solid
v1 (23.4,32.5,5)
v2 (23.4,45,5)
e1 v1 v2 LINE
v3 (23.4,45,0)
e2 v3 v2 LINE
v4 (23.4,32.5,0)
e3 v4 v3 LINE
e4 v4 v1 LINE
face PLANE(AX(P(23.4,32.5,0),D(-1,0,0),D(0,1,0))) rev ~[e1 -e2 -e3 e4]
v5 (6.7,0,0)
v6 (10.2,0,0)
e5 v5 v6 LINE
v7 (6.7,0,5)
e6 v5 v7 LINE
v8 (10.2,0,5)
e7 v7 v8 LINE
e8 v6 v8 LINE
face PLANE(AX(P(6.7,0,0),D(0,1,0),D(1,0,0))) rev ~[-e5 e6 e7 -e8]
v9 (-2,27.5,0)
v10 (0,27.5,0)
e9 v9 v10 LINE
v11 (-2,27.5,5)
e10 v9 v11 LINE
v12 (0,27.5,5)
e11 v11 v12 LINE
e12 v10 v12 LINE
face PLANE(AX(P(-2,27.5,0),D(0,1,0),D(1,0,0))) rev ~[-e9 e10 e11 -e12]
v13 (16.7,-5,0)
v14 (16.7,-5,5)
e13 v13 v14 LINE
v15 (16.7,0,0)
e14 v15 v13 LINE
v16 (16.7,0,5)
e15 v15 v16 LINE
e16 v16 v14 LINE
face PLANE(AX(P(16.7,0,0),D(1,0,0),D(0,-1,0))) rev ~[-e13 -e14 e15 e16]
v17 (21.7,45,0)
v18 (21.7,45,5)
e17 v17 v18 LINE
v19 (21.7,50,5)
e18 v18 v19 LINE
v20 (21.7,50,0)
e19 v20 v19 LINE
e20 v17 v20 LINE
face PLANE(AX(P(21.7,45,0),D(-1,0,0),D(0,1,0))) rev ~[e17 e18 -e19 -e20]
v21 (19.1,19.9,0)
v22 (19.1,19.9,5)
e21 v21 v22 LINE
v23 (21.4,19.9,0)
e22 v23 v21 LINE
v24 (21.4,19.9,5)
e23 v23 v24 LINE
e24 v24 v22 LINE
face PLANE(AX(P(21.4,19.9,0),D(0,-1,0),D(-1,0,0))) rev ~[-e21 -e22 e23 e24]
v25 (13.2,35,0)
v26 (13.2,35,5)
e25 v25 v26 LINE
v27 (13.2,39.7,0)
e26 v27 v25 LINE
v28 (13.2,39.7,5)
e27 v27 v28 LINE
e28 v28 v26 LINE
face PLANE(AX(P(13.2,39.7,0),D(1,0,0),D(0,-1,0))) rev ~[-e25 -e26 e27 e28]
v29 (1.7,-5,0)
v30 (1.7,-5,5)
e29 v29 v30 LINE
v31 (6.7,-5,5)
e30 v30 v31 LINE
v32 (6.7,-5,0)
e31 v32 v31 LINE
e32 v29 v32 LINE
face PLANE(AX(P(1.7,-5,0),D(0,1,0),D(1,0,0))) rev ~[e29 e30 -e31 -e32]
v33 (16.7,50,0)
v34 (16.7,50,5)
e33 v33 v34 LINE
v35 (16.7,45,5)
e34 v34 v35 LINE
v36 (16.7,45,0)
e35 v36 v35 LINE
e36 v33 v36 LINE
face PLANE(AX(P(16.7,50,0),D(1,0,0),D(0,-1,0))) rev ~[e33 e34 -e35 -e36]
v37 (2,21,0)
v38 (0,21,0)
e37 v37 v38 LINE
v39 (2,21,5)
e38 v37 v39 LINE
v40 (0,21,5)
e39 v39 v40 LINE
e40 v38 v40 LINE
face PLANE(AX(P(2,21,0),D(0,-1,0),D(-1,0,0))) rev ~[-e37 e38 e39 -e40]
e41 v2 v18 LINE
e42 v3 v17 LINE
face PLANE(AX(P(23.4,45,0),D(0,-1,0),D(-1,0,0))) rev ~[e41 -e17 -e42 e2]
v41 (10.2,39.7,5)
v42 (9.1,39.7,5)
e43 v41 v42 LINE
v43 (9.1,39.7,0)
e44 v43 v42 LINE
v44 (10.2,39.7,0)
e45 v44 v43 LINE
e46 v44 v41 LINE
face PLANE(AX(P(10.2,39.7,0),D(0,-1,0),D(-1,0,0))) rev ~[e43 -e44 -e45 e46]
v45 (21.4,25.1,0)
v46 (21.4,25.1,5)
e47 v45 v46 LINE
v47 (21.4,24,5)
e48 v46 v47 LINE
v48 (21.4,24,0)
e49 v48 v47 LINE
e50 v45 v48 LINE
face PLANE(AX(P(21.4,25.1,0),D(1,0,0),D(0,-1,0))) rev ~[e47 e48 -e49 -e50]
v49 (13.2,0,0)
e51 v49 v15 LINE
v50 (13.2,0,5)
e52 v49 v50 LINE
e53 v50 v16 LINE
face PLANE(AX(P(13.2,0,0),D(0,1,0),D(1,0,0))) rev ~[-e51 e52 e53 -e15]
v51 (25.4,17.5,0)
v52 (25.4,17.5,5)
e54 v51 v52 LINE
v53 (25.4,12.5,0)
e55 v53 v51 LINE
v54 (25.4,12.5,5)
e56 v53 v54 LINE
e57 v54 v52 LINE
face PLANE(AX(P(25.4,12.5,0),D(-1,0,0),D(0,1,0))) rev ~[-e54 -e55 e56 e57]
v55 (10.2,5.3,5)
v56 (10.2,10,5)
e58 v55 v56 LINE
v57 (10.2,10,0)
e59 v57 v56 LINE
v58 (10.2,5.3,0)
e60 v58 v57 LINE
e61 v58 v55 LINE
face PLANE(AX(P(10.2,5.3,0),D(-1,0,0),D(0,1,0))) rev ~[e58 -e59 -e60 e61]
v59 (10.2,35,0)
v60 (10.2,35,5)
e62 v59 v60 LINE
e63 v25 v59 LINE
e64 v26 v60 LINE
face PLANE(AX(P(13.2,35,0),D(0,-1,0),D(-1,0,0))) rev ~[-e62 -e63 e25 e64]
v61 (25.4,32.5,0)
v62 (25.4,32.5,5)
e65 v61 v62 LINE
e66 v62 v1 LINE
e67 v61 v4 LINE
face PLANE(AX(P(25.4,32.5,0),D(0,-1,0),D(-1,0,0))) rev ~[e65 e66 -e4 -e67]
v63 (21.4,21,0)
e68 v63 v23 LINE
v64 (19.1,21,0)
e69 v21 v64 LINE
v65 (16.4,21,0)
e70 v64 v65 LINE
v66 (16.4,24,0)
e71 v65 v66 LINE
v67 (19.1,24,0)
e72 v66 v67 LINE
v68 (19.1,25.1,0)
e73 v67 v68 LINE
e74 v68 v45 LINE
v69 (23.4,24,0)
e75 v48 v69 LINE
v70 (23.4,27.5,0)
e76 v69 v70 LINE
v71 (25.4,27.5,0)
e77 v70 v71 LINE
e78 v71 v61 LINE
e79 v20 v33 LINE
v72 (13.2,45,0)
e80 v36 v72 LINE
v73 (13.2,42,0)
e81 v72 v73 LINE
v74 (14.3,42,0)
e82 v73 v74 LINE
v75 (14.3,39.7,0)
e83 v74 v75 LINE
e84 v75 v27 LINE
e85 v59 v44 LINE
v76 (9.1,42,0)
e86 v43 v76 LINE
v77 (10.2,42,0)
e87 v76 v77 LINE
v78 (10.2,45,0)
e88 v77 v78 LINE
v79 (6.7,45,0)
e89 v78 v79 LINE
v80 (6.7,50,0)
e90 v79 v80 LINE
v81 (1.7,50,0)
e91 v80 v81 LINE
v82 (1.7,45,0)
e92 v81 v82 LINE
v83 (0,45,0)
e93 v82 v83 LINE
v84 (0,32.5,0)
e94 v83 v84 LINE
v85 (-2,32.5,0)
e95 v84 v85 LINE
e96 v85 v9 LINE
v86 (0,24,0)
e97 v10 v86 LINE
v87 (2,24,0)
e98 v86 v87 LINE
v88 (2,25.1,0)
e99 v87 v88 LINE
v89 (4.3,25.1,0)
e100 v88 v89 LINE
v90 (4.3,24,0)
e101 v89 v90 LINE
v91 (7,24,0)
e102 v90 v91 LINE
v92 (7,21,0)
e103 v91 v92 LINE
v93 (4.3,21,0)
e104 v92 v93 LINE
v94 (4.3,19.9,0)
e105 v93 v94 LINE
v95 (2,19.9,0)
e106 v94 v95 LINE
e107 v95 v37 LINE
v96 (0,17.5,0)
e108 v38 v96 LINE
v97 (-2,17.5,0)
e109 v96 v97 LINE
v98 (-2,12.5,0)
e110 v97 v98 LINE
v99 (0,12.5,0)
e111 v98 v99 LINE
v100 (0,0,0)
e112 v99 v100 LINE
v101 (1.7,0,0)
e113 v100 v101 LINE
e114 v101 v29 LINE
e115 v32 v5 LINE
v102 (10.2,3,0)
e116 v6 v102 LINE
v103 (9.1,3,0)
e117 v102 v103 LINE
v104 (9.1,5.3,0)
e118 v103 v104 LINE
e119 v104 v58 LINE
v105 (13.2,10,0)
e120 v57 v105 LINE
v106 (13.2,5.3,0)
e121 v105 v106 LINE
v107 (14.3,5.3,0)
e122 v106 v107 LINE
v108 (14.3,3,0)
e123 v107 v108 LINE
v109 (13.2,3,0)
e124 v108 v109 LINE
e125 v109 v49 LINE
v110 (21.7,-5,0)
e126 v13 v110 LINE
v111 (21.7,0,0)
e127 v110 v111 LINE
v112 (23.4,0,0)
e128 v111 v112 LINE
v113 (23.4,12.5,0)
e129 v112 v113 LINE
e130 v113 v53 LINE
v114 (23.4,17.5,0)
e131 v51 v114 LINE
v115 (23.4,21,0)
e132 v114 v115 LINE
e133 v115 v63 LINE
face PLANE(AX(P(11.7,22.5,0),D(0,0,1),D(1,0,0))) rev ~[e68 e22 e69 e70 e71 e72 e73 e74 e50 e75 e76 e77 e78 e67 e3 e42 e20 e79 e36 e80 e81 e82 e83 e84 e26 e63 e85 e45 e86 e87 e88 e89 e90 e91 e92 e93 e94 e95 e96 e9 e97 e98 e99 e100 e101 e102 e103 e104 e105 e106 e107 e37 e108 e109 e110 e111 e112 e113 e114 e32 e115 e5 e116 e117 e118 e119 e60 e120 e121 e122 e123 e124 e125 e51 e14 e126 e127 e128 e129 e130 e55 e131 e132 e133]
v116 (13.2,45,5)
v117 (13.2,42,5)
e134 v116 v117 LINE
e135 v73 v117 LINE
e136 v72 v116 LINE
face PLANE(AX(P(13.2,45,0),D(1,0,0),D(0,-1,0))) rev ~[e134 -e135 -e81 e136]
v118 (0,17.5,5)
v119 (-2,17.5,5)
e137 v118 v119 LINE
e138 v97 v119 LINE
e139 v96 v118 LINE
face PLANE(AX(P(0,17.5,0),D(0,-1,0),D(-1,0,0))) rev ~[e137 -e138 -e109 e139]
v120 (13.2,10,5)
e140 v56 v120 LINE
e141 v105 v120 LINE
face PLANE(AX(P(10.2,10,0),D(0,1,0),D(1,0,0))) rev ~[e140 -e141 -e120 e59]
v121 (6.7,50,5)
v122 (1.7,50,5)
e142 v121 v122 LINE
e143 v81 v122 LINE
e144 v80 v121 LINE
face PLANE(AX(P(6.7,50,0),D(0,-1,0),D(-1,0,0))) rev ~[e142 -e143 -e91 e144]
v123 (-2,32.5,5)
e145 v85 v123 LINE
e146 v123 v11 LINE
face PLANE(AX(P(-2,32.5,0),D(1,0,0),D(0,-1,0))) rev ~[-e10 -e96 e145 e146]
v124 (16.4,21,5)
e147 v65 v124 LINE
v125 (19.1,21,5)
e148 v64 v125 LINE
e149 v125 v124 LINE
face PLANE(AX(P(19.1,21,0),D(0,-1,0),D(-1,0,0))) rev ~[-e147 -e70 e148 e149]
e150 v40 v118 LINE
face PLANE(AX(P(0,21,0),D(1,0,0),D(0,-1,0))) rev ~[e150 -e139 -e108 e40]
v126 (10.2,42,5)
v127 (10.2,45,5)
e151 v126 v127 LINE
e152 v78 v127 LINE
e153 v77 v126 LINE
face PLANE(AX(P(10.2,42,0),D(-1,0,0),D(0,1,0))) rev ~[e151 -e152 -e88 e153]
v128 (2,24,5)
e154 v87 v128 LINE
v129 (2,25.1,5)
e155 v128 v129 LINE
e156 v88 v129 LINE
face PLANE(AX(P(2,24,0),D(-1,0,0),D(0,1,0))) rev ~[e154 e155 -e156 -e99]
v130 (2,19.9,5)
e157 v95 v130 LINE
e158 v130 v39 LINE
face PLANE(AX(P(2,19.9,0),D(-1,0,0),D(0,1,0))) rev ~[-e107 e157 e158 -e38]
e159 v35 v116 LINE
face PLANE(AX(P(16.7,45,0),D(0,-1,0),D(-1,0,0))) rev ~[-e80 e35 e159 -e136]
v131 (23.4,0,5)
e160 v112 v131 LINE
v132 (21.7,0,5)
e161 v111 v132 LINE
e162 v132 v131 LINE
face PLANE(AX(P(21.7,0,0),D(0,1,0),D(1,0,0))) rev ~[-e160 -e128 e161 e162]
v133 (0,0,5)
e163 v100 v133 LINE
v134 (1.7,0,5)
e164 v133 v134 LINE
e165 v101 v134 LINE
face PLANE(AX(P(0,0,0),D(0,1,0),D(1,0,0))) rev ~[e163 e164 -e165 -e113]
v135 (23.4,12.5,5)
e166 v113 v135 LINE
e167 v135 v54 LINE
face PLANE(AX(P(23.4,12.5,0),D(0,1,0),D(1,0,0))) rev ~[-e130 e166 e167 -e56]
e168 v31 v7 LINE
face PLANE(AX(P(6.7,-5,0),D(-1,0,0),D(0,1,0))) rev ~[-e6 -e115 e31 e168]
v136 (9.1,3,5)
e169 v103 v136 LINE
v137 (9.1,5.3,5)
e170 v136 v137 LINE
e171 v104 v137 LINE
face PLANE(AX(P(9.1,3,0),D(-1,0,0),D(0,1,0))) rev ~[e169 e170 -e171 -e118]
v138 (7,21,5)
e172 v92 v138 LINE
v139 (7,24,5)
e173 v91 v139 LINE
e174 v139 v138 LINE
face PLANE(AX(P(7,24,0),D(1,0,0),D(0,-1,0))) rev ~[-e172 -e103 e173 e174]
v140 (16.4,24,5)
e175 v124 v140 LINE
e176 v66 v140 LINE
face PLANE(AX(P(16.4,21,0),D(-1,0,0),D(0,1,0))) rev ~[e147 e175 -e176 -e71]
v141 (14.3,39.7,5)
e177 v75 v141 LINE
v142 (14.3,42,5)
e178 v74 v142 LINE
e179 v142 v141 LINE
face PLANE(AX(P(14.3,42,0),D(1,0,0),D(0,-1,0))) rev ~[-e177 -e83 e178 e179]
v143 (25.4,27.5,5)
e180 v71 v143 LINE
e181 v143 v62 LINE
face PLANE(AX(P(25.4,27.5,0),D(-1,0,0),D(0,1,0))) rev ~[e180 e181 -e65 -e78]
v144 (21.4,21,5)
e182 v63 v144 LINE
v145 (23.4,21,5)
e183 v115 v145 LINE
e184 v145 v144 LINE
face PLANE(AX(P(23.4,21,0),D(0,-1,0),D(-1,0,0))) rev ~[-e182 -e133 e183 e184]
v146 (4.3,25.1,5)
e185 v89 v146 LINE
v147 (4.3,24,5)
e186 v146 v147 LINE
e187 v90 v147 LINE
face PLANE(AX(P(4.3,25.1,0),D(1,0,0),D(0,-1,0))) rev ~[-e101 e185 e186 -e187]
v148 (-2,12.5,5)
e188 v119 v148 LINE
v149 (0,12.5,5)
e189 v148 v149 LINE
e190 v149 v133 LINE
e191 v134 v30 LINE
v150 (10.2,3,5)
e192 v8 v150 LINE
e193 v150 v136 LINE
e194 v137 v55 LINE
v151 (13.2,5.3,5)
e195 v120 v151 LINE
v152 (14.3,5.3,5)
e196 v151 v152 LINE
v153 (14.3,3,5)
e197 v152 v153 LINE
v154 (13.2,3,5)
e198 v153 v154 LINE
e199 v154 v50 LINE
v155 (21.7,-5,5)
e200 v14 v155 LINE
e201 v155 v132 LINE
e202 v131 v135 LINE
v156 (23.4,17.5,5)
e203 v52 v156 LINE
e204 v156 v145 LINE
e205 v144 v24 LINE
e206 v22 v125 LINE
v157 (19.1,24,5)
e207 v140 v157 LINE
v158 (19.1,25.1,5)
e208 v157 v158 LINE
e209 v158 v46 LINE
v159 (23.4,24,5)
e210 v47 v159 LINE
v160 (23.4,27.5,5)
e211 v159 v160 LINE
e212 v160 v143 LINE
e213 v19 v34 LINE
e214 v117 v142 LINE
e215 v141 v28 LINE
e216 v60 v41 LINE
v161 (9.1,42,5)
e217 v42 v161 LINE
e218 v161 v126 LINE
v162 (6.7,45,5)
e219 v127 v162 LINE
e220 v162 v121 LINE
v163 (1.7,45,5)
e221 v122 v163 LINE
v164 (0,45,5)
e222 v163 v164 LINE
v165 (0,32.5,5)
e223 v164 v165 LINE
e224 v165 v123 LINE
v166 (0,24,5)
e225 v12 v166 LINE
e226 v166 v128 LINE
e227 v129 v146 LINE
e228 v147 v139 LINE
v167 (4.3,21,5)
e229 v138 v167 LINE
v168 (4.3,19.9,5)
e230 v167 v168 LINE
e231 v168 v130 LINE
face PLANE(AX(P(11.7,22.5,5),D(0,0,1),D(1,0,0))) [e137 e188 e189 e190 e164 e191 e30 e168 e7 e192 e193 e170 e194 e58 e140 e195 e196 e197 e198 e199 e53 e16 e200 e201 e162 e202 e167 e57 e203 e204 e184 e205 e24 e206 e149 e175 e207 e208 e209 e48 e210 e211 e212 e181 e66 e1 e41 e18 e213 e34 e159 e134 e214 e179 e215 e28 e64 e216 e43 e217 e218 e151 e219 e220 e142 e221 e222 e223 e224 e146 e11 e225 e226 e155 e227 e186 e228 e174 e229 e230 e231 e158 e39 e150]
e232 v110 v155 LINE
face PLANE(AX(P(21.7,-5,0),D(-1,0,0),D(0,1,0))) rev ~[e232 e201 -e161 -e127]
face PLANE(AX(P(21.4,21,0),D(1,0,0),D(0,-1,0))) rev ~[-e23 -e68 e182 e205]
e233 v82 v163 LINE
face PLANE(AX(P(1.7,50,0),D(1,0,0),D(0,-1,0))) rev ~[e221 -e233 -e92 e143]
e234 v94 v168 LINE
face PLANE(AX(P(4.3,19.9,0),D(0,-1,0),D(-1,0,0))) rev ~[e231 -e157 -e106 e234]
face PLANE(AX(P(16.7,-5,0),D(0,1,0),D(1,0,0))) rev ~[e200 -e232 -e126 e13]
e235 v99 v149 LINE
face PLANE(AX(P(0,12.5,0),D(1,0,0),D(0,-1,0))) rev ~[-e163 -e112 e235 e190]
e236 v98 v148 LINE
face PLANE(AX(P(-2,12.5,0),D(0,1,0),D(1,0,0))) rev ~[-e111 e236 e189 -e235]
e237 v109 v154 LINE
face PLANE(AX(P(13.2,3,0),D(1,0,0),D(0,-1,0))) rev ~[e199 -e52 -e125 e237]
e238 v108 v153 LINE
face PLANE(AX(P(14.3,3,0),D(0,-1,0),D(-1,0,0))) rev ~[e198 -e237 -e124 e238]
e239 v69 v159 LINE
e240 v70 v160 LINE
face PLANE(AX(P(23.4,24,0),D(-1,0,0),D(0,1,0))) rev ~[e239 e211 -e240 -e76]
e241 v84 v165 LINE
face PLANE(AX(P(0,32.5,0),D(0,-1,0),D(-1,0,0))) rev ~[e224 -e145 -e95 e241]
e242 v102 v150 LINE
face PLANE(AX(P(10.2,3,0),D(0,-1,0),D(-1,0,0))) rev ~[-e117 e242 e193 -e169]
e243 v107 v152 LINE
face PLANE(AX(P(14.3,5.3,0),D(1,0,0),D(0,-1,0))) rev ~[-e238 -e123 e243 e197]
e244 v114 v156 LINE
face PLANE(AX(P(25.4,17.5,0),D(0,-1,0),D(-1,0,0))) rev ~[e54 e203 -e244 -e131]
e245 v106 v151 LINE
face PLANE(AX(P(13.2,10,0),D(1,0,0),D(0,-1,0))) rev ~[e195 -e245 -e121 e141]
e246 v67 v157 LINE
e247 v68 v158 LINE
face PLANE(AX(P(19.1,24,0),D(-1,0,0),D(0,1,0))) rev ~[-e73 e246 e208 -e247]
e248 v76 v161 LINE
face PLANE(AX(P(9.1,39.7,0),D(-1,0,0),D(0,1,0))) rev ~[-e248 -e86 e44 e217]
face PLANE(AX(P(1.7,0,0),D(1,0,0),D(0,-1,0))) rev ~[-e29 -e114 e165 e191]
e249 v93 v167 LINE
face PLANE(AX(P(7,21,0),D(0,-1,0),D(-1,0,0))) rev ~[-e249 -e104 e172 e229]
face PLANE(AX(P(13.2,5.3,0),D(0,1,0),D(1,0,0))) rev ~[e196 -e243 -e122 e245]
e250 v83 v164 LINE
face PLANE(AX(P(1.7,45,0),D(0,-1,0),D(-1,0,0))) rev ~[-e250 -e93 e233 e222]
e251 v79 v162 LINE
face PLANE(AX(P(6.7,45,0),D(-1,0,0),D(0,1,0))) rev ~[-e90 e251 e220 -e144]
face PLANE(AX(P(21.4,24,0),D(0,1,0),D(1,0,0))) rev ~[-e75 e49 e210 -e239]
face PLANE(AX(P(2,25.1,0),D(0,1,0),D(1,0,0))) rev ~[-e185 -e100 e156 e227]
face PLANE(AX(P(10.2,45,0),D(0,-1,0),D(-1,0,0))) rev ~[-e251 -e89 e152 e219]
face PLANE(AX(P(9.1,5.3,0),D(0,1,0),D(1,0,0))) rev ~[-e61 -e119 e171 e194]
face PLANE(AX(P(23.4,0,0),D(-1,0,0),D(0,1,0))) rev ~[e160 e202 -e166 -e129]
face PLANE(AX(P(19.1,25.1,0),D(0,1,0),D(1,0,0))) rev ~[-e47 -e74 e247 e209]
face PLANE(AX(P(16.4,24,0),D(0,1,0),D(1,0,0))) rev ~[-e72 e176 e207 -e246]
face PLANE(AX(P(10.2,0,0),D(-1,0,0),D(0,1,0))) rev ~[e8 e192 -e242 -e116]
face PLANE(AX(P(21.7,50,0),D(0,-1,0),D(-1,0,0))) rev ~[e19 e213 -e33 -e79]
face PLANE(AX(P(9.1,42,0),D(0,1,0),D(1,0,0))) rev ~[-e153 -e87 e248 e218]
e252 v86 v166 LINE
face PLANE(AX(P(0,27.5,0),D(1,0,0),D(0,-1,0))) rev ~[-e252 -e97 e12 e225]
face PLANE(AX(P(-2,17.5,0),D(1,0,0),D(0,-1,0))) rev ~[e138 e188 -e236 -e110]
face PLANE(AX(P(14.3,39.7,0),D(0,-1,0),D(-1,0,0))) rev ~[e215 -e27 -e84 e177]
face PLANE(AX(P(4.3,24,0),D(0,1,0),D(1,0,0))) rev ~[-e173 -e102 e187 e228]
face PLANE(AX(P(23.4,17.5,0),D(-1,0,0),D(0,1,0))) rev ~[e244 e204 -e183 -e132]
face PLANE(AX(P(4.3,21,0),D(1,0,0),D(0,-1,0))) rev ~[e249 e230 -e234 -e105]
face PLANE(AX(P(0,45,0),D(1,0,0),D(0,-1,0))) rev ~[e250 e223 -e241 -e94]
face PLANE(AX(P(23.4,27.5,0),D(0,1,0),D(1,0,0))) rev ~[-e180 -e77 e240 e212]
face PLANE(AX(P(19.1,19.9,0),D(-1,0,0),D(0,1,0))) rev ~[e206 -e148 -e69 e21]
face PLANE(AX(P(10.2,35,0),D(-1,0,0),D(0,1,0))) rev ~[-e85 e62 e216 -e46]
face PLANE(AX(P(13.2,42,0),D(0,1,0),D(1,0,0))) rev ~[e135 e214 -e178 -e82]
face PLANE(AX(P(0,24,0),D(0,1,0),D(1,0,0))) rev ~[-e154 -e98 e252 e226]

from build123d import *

# Parameters (mm, degrees)
BOSS_EXTRU_1_DEPTH = 5


with BuildPart() as part:
    # Esquisse1 → Boss.-Extru.1 (new body)
    with BuildSketch(Plane.XY):
        Polygon((1.7, 50), (1.7, 45), (0, 45), (0, 32.5), (-2, 32.5), (-2, 27.5), (0, 27.5), (0, 24), (2, 24), (2, 25.1), (4.3, 25.1), (4.3, 24), (7, 24), (7, 21), (4.3, 21), (4.3, 19.9), (2, 19.9), (2, 21), (0, 21), (0, 17.5), (-2, 17.5), (-2, 12.5), (0, 12.5), (0, 0), (1.7, 0), (1.7, -5), (6.7, -5), (6.7, 0), (10.2, 0), (10.2, 3), (9.1, 3), (9.1, 5.3), (10.2, 5.3), (10.2, 10), (13.2, 10), (13.2, 5.3), (14.3, 5.3), (14.3, 3), (13.2, 3), (13.2, 0), (16.7, 0), (16.7, -5), (21.7, -5), (21.7, 0), (23.4, 0), (23.4, 12.5), (25.4, 12.5), (25.4, 17.5), (23.4, 17.5), (23.4, 21), (21.4, 21), (21.4, 19.9), (19.1, 19.9), (19.1, 21), (16.4, 21), (16.4, 24), (19.1, 24), (19.1, 25.1), (21.4, 25.1), (21.4, 24), (23.4, 24), (23.4, 27.5), (25.4, 27.5), (25.4, 32.5), (23.4, 32.5), (23.4, 45), (21.7, 45), (21.7, 50), (16.7, 50), (16.7, 45), (13.2, 45), (13.2, 42), (14.3, 42), (14.3, 39.7), (13.2, 39.7), (13.2, 35), (10.2, 35), (10.2, 39.7), (9.1, 39.7), (9.1, 42), (10.2, 42), (10.2, 45), (6.7, 45), (6.7, 50), align=None)
    extrude(amount=BOSS_EXTRU_1_DEPTH)


solid = part.part
